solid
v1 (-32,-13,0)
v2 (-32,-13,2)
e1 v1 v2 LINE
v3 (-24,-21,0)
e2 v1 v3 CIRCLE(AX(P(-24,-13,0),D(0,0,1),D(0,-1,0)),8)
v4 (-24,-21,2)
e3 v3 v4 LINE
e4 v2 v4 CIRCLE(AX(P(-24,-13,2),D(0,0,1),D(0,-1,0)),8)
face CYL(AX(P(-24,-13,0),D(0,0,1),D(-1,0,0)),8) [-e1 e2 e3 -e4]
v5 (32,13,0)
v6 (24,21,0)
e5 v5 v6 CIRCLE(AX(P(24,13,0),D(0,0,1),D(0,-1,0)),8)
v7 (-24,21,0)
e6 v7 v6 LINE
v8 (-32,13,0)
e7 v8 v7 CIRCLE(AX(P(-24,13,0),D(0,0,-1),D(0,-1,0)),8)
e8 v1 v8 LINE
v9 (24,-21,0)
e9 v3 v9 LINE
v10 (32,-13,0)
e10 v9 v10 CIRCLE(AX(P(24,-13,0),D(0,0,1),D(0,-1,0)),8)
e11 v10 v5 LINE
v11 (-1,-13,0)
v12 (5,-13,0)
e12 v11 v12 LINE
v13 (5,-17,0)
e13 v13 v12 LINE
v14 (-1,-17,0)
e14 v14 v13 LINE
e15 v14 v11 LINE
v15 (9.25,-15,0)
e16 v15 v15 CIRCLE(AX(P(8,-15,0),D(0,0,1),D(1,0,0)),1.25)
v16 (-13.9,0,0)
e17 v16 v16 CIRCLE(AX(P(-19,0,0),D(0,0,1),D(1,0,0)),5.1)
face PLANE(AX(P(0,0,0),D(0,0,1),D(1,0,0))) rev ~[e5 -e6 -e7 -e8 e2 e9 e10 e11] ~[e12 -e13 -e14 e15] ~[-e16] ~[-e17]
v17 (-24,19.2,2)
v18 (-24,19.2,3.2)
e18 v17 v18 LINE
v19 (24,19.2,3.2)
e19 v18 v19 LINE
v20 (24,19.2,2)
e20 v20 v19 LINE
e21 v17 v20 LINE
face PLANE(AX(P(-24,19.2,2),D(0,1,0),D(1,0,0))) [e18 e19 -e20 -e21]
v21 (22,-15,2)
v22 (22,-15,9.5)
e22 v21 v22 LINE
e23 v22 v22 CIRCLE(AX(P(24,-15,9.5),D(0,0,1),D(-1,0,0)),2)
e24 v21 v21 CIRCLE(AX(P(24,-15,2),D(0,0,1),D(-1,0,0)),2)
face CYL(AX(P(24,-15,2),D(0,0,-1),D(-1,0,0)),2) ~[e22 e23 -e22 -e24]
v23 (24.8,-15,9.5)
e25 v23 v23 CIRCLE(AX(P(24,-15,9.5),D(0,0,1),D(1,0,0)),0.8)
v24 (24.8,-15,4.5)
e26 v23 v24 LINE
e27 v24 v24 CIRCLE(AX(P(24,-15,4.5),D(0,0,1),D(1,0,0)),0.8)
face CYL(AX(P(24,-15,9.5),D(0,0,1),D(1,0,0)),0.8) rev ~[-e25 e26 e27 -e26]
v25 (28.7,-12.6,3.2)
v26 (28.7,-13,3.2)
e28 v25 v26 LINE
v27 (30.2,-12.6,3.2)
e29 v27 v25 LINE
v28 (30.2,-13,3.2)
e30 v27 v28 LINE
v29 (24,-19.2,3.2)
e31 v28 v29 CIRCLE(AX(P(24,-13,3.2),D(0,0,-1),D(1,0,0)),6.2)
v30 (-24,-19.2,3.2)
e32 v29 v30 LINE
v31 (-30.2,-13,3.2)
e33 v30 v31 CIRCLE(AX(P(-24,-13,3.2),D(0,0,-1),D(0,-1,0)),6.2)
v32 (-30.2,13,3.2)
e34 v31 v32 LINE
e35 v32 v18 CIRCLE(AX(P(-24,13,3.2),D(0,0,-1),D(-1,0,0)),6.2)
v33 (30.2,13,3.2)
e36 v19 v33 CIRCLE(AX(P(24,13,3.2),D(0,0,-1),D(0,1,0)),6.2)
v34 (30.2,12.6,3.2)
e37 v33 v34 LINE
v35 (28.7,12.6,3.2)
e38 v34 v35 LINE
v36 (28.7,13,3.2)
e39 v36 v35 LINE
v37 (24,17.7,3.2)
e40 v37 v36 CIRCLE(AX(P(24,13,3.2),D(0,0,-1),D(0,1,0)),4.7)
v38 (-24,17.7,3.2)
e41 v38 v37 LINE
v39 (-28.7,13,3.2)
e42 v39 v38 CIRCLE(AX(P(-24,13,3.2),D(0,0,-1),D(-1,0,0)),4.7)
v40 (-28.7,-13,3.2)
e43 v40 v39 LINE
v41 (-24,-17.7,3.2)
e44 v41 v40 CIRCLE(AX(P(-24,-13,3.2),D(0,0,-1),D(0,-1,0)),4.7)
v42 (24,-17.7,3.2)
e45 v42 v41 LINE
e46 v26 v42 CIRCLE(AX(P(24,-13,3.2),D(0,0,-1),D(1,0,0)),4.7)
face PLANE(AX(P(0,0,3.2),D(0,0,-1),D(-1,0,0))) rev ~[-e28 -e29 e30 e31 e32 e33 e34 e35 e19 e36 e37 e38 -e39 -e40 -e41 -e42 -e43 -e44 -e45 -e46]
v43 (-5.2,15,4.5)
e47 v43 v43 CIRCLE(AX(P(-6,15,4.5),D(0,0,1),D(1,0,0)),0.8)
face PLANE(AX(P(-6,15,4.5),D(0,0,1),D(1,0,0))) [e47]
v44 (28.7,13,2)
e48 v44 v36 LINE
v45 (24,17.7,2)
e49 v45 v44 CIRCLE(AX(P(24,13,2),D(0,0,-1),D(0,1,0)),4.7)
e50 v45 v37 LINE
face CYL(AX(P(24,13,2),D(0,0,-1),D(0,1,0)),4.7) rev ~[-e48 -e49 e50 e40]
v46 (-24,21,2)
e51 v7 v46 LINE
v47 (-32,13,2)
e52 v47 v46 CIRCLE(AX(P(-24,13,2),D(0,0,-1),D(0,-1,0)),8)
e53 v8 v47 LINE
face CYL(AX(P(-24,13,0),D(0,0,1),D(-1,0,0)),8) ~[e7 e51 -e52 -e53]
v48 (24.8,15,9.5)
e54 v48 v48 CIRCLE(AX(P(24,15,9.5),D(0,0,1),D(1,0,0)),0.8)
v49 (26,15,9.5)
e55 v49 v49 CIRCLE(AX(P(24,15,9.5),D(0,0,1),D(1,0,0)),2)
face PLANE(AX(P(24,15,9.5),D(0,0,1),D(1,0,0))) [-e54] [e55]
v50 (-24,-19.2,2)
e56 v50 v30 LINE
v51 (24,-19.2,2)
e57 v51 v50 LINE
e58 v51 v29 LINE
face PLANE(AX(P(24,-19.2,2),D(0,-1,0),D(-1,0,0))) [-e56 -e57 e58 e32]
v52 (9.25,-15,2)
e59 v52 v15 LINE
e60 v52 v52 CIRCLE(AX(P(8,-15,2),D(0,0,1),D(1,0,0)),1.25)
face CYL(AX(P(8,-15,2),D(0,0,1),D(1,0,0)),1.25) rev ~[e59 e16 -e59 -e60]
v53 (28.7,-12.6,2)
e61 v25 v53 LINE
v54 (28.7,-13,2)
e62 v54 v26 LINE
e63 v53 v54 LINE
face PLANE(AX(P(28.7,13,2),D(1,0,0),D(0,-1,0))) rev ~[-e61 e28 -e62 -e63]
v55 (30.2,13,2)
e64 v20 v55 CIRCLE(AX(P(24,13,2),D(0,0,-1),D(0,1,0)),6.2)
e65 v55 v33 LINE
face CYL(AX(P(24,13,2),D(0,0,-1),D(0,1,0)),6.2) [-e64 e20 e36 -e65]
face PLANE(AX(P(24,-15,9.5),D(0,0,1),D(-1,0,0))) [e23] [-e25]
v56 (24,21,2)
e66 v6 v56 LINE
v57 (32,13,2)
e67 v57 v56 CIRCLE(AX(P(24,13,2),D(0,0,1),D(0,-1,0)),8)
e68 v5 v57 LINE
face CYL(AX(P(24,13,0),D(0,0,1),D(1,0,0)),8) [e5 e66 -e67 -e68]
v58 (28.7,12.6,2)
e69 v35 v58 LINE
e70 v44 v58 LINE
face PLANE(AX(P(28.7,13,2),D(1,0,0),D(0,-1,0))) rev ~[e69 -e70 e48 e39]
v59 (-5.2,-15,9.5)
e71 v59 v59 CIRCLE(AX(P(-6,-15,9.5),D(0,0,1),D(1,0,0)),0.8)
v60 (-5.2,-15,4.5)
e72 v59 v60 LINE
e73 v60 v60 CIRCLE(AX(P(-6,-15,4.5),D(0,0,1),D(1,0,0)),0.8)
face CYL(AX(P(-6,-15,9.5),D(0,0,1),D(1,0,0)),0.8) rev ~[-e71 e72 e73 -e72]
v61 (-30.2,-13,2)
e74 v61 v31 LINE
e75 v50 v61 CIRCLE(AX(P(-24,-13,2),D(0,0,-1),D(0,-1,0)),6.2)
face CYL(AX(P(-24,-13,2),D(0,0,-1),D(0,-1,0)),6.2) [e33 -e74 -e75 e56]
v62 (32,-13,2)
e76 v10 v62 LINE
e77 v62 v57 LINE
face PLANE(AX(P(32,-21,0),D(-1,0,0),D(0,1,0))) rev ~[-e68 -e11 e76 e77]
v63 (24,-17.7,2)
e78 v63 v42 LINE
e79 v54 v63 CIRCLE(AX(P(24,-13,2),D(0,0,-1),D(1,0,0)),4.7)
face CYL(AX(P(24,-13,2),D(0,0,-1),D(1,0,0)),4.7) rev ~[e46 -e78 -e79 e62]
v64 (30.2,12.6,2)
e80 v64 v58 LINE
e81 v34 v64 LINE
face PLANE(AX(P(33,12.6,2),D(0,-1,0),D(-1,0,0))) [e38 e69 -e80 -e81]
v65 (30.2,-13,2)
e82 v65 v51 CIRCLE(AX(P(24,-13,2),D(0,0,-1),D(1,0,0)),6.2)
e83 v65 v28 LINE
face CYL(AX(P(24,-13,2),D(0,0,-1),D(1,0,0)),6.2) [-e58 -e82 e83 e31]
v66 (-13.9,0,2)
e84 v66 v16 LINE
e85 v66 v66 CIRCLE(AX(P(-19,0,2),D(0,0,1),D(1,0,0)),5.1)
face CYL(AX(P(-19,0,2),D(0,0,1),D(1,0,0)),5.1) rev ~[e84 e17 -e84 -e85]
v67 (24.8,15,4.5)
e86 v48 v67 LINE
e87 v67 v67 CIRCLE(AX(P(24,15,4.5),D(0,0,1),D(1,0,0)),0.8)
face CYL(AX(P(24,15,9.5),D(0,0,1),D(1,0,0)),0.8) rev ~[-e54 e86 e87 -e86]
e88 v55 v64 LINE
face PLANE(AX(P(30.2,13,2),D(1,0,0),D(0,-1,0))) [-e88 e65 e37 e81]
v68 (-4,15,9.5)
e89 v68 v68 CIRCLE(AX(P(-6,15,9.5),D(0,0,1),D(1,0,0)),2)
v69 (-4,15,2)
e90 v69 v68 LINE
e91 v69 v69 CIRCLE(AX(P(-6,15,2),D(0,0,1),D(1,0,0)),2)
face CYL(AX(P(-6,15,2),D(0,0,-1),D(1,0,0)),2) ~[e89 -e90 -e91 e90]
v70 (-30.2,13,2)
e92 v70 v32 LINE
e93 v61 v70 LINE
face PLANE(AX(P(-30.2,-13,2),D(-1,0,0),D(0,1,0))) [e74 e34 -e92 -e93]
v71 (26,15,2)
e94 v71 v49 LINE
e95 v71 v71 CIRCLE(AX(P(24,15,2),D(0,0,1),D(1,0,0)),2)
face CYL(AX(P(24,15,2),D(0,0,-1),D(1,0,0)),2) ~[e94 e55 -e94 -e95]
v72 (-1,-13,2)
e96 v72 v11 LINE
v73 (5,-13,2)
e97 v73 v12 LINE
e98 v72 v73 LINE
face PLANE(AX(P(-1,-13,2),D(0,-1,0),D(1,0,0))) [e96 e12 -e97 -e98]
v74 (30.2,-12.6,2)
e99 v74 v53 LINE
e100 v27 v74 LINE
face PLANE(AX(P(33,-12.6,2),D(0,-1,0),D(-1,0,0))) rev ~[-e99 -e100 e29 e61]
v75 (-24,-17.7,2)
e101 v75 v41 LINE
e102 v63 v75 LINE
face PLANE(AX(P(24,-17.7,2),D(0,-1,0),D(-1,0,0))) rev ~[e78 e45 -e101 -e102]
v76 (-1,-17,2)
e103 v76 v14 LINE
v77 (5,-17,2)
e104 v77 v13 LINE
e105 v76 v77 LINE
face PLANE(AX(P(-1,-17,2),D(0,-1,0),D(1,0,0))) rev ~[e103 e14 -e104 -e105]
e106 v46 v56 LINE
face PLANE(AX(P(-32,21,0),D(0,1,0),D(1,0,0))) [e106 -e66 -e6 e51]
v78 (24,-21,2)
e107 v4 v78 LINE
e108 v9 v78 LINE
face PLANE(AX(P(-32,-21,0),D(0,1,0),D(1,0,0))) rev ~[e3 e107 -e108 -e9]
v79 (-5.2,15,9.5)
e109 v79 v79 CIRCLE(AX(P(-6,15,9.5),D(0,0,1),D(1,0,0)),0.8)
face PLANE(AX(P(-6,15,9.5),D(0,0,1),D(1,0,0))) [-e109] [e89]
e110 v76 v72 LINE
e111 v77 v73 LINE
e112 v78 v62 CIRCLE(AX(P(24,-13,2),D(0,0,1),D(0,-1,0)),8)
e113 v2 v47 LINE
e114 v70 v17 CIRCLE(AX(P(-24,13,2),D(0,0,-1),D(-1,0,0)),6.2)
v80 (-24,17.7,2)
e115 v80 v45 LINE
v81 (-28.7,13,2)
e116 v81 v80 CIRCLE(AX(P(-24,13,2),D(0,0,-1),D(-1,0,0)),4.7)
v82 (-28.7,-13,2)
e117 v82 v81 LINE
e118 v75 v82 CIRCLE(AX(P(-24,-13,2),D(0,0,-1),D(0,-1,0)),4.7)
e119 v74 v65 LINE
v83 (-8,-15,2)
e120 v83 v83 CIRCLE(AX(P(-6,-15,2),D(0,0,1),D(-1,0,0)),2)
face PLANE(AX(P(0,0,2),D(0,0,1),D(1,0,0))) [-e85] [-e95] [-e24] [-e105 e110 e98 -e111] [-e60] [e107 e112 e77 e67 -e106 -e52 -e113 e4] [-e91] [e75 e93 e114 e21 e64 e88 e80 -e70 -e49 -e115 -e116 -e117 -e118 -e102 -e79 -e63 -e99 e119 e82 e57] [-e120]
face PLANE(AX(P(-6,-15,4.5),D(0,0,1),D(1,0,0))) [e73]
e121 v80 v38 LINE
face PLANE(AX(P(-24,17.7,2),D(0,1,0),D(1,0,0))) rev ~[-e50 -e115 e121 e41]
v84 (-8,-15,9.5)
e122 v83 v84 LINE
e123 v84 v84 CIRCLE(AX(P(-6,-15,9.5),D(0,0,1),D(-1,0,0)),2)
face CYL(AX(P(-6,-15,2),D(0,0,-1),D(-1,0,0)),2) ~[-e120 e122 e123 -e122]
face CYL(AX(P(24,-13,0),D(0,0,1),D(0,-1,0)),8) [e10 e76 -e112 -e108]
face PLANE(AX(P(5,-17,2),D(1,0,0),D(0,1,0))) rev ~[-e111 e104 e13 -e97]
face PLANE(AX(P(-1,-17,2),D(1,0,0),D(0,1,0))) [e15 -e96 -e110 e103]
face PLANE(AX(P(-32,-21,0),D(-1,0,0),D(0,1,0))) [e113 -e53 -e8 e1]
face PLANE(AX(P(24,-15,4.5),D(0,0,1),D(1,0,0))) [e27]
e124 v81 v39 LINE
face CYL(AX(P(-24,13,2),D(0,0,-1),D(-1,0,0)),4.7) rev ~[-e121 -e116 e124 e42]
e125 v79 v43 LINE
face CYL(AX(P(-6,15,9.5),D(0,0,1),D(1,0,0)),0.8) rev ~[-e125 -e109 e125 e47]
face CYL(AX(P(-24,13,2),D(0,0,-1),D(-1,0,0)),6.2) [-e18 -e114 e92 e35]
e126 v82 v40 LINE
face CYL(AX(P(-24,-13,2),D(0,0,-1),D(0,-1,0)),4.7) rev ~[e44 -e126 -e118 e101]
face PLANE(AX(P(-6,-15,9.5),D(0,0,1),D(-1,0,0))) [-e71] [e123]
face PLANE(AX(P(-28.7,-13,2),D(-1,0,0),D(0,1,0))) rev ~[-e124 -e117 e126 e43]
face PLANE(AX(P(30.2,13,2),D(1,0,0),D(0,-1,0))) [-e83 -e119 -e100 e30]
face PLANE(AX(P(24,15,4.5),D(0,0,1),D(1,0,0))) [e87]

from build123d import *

# Parameters (mm, degrees)
SKETCH1_W           = 64
SKETCH1_H           = 42
BOSS_EXTRUDE1_DEPTH = 2
FILLET1_R           = 8
BOSS_EXTRUDE2_DEPTH = 1.2
SKETCH3_W           = 6
SKETCH3_H           = 25.2
CUT_EXTRUDE1_DEPTH  = 1.2
SKETCH4_R           = 2
BOSS_EXTRUDE3_DEPTH = 7.5
SKETCH5_R           = 0.8
CUT_EXTRUDE2_DEPTH  = 5
SKETCH6_R           = 5.1
SKETCH6_R_2         = 1.25
SKETCH6_W           = 6
SKETCH6_H           = 4
CUT_EXTRUDE3_DEPTH  = 40.003204997


with BuildPart() as part:
    # Sketch1 → Boss-Extrude1 (new body)
    with BuildSketch(Plane.XY):
        Rectangle(SKETCH1_W, SKETCH1_H)
    extrude(amount=BOSS_EXTRUDE1_DEPTH)

    # Fillet1
    fillet1_edges = [part.edges().sort_by_distance(p)[0] for p in [
        (-32, 21, 1),
        (32, 21, 1),
        (32, -21, 1),
        (-32, -21, 1),
    ]]
    fillet(fillet1_edges, radius=FILLET1_R)

    # Sketch2 → Boss-Extrude2 (add)
    with BuildSketch(Plane.XY.offset(2)):
        with BuildLine():
            Line((-24, 19.2), (24, 19.2))
            ThreePointArc((24, 19.2), (28.384062043, 17.384062043), (30.2, 13))
            Line((30.2, 13), (30.2, -13))
            ThreePointArc((30.2, -13), (28.384062043, -17.384062043), (24, -19.2))
            Line((24, -19.2), (-24, -19.2))
            ThreePointArc((-24, -19.2), (-28.384062043, -17.384062043), (-30.2, -13))
            Line((-30.2, -13), (-30.2, 13))
            ThreePointArc((-30.2, 13), (-28.384062043, 17.384062043), (-24, 19.2))
        make_face()
        with BuildLine():
            Line((-24, 17.7), (24, 17.7))
            ThreePointArc((24, 17.7), (27.323401872, 16.323401872), (28.7, 13))
            Line((28.7, 13), (28.7, -13))
            ThreePointArc((28.7, -13), (27.323401872, -16.323401872), (24, -17.7))
            Line((24, -17.7), (-24, -17.7))
            ThreePointArc((-24, -17.7), (-27.323401872, -16.323401872), (-28.7, -13))
            Line((-28.7, -13), (-28.7, 13))
            ThreePointArc((-28.7, 13), (-27.323401872, 16.323401872), (-24, 17.7))
        make_face(mode=Mode.SUBTRACT)
    extrude(amount=BOSS_EXTRUDE2_DEPTH)

    # Sketch3 → Cut-Extrude1 (cut)
    with BuildSketch(Plane(origin=(0, 0, 2), x_dir=(-1, 0, 0), z_dir=(0, 0, -1))):
        with Locations((-30, 0)):
            Rectangle(SKETCH3_W, SKETCH3_H)
    extrude(amount=-CUT_EXTRUDE1_DEPTH, mode=Mode.SUBTRACT)

    # Sketch4 → Boss-Extrude3 (add)
    with BuildSketch(Plane.XY.offset(2)):
        with Locations((-6, 15)):
            Circle(SKETCH4_R)
        with Locations((24, 15)):
            Circle(SKETCH4_R)
        with Locations(Location((24, -15, 0), (0, 0, 180))):
            Circle(SKETCH4_R)
        with Locations(Location((-6, -15, 0), (0, 0, 180))):
            Circle(SKETCH4_R)
    extrude(amount=BOSS_EXTRUDE3_DEPTH)

    # Sketch5 → Cut-Extrude2 (cut)
    with BuildSketch(Plane.XY.offset(9.5)):
        with Locations((24, 15)):
            Circle(SKETCH5_R)
    cut_extrude2 = extrude(amount=-CUT_EXTRUDE2_DEPTH, mode=Mode.SUBTRACT)

    # Sketch-Pattern1: Cut-Extrude2 at 3 more places
    with Locations((-30, 0, 0), (-30, -30, 0), (0, -30, 0)):
        add(cut_extrude2, mode=Mode.SUBTRACT)

    # Sketch6 → Cut-Extrude3 (cut, through all)
    with BuildSketch(Plane.XY.offset(2)):
        with Locations((-19, 0)):
            Circle(SKETCH6_R)
        with Locations((8, -15)):
            Circle(SKETCH6_R_2)
        with Locations((2, -15)):
            Rectangle(SKETCH6_W, SKETCH6_H)
    extrude(amount=-CUT_EXTRUDE3_DEPTH, mode=Mode.SUBTRACT)


solid = part.part
